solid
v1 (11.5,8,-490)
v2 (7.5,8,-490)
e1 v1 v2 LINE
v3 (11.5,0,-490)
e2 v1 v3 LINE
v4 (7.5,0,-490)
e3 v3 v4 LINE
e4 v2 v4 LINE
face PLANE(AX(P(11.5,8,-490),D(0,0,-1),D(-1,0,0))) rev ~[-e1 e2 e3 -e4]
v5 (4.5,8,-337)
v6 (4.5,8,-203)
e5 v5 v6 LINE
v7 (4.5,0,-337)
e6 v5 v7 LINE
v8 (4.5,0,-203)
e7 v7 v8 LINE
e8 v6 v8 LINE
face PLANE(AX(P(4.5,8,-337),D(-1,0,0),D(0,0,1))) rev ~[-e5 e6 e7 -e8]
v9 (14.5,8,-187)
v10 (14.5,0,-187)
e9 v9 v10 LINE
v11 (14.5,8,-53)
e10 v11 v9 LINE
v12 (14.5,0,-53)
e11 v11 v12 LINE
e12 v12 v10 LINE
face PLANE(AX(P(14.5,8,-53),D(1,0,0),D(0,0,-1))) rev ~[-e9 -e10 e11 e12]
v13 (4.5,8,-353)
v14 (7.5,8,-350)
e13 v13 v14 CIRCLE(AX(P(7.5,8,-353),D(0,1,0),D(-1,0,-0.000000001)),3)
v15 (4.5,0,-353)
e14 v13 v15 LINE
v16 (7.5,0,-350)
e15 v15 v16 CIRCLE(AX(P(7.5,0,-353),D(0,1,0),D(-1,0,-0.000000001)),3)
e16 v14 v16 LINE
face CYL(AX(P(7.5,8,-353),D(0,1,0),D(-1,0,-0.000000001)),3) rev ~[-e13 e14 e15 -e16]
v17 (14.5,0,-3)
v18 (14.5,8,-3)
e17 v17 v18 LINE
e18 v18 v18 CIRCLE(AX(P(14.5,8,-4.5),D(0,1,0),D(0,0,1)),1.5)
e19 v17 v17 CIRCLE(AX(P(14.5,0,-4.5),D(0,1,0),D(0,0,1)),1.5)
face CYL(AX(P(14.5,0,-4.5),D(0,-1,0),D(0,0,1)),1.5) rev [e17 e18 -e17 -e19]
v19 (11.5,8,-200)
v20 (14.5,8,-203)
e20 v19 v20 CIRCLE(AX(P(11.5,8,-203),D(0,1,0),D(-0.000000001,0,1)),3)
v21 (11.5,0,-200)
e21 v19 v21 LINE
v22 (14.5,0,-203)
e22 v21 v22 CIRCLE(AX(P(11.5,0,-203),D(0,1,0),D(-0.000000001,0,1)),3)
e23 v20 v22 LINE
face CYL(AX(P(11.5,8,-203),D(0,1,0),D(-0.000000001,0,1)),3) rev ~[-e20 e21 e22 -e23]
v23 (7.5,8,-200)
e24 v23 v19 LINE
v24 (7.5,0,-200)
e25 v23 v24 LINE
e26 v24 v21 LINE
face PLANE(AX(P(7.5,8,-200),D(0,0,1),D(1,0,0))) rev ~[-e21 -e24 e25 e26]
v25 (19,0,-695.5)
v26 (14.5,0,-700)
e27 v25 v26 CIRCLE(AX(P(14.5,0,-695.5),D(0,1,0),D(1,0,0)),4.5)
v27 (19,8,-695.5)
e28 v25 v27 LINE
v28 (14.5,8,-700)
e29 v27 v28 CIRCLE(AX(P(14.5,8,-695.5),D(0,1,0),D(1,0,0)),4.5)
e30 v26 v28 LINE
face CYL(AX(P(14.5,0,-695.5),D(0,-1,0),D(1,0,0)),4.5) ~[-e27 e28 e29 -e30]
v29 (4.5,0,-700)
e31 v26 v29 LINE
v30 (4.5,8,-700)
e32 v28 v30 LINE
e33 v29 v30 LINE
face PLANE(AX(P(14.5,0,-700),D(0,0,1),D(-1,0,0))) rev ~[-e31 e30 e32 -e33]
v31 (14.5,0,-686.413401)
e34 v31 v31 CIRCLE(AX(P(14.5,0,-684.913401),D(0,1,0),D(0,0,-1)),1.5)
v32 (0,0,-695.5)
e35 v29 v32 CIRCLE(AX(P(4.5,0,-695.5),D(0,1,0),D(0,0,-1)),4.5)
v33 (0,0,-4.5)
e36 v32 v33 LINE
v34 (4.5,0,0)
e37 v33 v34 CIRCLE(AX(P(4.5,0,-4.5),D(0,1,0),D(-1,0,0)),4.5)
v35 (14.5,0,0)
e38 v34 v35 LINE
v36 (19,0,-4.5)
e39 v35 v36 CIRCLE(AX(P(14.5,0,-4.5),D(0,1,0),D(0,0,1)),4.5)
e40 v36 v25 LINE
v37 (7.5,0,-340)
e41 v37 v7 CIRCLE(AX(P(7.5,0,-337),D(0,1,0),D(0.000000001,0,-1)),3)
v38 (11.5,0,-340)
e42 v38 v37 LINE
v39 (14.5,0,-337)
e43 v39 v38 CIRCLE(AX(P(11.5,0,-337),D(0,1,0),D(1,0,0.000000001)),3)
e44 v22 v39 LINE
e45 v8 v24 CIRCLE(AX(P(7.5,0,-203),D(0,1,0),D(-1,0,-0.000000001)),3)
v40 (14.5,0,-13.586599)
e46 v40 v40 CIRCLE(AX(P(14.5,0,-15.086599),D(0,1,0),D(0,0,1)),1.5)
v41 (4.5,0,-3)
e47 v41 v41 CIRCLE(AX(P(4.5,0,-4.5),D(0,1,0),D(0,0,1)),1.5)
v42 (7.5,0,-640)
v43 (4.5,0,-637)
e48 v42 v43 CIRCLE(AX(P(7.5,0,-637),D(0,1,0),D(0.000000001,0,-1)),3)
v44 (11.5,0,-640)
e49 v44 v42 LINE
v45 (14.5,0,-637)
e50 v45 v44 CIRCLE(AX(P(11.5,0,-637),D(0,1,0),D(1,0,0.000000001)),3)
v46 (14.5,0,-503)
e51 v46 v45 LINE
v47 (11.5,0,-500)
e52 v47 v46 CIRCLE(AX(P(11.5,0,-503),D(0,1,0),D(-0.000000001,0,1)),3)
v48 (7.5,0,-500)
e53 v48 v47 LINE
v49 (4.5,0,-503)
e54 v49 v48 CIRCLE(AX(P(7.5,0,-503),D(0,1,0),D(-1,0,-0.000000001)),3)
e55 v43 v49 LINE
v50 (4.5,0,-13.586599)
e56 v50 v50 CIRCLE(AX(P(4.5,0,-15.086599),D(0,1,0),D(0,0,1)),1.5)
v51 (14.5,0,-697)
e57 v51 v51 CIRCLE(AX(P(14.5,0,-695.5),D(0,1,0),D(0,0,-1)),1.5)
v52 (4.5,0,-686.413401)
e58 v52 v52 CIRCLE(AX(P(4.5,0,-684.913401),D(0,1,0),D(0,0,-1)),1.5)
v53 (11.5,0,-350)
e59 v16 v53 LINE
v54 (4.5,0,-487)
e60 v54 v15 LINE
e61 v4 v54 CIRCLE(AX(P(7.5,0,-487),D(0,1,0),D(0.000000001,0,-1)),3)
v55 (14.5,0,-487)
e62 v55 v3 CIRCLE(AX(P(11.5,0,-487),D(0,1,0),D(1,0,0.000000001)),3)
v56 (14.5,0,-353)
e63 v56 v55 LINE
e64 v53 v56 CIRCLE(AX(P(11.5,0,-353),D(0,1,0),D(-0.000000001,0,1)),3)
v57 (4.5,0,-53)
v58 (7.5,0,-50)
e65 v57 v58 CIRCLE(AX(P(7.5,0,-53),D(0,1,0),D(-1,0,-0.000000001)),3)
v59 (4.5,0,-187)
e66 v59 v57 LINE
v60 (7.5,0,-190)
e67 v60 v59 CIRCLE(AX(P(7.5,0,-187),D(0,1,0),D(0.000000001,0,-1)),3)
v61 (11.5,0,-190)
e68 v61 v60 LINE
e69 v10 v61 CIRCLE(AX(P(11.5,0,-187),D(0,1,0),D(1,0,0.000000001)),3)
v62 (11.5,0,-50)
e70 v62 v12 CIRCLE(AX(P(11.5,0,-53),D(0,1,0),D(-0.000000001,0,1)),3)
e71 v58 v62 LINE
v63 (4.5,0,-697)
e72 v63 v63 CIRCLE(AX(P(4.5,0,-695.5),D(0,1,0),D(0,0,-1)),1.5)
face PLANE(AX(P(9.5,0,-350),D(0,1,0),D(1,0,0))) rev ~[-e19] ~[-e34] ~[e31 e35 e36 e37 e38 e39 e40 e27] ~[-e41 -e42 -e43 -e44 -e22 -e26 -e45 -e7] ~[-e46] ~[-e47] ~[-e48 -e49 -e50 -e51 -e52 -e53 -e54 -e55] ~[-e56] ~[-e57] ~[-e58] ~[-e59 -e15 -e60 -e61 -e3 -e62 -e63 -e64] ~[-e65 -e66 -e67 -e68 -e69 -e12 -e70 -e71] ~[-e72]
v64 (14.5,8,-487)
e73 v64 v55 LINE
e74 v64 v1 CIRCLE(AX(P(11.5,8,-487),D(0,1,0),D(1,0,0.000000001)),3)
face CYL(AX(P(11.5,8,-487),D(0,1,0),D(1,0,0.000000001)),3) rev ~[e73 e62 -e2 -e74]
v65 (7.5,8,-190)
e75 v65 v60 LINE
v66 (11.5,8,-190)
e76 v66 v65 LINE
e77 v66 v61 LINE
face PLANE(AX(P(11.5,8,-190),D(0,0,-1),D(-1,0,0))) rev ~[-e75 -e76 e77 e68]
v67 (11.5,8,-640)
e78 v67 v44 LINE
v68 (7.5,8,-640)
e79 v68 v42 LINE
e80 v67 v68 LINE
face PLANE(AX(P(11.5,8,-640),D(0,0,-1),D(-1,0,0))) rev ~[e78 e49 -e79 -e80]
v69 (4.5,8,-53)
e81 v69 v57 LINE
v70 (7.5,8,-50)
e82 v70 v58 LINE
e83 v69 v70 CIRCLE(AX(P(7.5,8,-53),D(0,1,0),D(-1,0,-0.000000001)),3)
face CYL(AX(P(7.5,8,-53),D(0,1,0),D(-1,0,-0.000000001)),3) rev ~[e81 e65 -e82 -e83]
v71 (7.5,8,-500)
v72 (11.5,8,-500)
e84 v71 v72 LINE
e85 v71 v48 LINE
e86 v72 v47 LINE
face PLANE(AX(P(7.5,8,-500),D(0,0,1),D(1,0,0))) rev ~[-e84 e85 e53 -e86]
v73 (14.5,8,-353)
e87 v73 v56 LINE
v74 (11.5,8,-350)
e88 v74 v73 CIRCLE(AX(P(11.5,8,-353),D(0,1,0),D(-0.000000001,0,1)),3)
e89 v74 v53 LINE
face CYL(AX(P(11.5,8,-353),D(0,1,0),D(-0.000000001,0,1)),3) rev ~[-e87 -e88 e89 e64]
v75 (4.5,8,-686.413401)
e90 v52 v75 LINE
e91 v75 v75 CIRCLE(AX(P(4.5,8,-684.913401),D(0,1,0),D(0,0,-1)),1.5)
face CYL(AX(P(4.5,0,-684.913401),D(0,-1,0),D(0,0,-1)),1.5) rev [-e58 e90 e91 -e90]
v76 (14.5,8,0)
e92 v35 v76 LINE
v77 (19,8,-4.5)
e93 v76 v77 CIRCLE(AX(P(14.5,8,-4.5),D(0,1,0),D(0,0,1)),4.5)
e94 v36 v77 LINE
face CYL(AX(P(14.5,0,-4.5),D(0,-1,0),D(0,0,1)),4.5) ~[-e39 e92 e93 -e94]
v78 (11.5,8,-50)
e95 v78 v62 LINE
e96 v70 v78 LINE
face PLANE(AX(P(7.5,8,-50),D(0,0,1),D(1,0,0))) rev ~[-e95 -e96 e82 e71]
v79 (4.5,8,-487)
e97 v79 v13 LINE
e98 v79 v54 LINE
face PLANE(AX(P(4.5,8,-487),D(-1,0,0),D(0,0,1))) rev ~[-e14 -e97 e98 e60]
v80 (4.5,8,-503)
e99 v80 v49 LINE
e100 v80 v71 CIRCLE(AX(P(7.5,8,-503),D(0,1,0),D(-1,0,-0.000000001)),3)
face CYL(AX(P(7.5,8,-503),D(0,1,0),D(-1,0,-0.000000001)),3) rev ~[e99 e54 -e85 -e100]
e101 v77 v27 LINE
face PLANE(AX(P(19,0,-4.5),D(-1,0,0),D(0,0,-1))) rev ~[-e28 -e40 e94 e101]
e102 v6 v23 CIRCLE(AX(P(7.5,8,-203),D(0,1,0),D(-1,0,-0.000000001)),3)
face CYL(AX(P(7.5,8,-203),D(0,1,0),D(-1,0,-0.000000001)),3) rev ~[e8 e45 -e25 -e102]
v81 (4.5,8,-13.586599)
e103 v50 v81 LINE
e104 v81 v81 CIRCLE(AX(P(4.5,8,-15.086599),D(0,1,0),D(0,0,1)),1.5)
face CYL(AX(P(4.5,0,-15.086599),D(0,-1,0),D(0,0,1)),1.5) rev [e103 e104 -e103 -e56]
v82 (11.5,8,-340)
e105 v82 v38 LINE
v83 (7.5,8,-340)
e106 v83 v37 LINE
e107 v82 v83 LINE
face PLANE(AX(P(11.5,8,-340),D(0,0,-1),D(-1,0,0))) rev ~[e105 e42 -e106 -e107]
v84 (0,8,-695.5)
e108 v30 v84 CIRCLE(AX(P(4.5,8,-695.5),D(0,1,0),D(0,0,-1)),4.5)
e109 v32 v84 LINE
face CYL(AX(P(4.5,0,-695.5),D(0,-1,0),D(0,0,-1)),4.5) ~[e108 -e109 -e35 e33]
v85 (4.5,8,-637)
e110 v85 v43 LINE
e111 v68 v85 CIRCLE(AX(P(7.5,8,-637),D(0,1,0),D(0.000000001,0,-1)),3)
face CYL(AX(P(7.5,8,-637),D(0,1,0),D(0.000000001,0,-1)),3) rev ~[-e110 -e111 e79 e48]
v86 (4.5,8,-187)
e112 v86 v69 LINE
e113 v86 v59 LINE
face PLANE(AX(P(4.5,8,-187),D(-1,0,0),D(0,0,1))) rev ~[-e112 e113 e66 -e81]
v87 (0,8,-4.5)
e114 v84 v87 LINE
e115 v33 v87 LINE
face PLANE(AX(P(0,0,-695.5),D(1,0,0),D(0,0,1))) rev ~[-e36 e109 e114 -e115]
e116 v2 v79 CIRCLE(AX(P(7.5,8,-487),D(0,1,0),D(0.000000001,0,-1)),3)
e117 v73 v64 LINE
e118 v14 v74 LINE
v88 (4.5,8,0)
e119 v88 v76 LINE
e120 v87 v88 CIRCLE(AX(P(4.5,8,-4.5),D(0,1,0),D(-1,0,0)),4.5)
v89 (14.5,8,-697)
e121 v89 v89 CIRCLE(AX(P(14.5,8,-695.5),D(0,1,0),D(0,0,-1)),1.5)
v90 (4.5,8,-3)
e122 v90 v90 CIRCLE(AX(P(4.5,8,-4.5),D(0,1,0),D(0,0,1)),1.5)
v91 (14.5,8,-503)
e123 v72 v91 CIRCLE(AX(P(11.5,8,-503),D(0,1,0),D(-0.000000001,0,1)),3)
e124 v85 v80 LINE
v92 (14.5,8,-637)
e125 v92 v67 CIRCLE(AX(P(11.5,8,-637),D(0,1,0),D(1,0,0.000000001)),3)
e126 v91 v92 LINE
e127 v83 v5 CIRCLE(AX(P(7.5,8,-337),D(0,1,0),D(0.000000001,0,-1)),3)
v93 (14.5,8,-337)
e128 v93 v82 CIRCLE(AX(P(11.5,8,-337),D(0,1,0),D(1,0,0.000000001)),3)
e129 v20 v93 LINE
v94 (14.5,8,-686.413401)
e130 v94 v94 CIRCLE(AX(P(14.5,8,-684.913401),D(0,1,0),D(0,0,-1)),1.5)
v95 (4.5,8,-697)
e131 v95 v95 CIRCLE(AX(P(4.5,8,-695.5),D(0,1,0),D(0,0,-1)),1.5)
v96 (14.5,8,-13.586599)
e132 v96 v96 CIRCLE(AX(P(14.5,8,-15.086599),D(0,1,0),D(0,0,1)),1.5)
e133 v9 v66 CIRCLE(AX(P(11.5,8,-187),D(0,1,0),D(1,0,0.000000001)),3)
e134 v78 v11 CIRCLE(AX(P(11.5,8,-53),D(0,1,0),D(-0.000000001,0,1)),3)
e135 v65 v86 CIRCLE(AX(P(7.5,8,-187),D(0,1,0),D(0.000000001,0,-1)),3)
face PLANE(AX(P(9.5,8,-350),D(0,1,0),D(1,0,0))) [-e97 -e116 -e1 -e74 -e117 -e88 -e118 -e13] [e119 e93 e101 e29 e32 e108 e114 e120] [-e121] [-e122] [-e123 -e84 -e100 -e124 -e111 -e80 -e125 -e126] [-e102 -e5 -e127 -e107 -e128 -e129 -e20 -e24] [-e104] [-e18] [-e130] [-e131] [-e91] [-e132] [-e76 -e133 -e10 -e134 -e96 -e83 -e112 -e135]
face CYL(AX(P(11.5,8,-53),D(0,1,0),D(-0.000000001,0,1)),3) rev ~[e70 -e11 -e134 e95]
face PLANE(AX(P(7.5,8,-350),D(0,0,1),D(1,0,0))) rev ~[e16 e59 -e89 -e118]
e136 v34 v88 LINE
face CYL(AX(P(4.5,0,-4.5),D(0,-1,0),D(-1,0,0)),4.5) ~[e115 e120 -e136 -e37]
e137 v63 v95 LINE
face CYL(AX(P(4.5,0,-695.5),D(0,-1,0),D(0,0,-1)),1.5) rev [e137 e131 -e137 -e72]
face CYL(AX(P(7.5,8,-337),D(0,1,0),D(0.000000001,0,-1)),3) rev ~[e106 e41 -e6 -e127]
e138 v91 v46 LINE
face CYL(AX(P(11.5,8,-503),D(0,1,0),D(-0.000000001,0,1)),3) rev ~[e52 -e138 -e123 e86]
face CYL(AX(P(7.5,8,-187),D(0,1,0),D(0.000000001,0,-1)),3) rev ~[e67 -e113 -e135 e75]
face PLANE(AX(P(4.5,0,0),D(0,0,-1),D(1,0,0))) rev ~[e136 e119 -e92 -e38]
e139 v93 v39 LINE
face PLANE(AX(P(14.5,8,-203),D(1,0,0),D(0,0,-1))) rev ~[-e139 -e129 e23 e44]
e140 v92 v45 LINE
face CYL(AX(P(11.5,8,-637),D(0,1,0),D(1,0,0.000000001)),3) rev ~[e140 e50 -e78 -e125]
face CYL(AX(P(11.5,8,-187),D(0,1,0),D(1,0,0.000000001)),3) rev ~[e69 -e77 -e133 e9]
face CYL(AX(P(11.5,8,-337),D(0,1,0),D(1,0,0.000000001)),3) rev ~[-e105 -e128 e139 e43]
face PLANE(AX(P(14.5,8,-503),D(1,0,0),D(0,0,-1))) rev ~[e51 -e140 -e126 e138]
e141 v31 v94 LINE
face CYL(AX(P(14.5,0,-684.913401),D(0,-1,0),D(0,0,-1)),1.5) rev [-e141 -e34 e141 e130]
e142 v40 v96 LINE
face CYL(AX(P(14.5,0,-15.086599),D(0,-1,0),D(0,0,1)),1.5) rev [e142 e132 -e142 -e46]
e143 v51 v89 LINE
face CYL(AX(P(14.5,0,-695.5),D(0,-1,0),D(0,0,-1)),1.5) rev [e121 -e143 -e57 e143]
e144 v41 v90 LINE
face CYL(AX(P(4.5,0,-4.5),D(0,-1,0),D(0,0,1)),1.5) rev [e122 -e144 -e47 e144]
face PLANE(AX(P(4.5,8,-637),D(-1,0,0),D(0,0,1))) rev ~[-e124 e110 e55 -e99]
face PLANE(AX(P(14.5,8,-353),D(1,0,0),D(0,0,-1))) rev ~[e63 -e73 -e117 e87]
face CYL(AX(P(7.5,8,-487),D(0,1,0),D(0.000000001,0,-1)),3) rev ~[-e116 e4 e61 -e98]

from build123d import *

# Parameters (mm, degrees)
SKETCH_1_R          = 1.5
EXTRUDE_1_DEPTH     = 8
CUT_EXTRUDE_2_DEPTH = 701.303505632


with BuildPart() as part:
    # 草图1 → 凸台-拉伸1 (new body)
    with BuildSketch(Plane(origin=(0, 0, 0), x_dir=(1, 0, 0), z_dir=(0, 1, 0))):
        with BuildLine():
            Line((4.5, 0), (14.5, 0))
            ThreePointArc((14.5, 0), (17.681980515, 1.318019485), (19, 4.5))
            Line((19, 4.5), (19, 695.5))
            ThreePointArc((19, 695.5), (17.681980515, 698.681980515), (14.5, 700))
            Line((14.5, 700), (4.5, 700))
            ThreePointArc((4.5, 700), (1.318019485, 698.681980515), (0, 695.5))
            Line((0, 695.5), (0, 4.5))
            ThreePointArc((0, 4.5), (1.318019485, 1.318019485), (4.5, 0))
        make_face()
        with Locations(Location((4.5, 4.5, 0), (0, 0, 270))):
            Circle(SKETCH_1_R, mode=Mode.SUBTRACT)
        with Locations(Location((14.5, 4.5, 0), (0, 0, 270))):
            Circle(SKETCH_1_R, mode=Mode.SUBTRACT)
        with Locations(Location((4.5, 15.08659859, 0), (0, 0, 270))):
            Circle(SKETCH_1_R, mode=Mode.SUBTRACT)
        with Locations(Location((14.5, 15.08659859, 0), (0, 0, 270))):
            Circle(SKETCH_1_R, mode=Mode.SUBTRACT)
        with Locations(Location((14.5, 684.91340141, 0), (0, 0, 90))):
            Circle(SKETCH_1_R, mode=Mode.SUBTRACT)
        with Locations(Location((4.5, 684.91340141, 0), (0, 0, 90))):
            Circle(SKETCH_1_R, mode=Mode.SUBTRACT)
        with Locations(Location((14.5, 695.5, 0), (0, 0, 90))):
            Circle(SKETCH_1_R, mode=Mode.SUBTRACT)
        with Locations(Location((4.5, 695.5, 0), (0, 0, 90))):
            Circle(SKETCH_1_R, mode=Mode.SUBTRACT)
    extrude(amount=EXTRUDE_1_DEPTH)

    # 草图5 → 切除-拉伸2 (cut, through all)
    with BuildSketch(Plane(origin=(0, 8, 0), x_dir=(1, 0, 0), z_dir=(0, 1, 0))):
        with BuildLine():
            Line((7.5, 50), (11.5, 50))
            ThreePointArc((11.5, 50), (13.621320344, 50.878679656), (14.5, 53))
            Line((14.5, 53), (14.5, 187))
            ThreePointArc((14.5, 187), (13.621320344, 189.121320344), (11.5, 190))
            Line((11.5, 190), (7.5, 190))
            ThreePointArc((7.5, 190), (5.378679656, 189.121320344), (4.5, 187))
            Line((4.5, 187), (4.5, 53))
            ThreePointArc((4.5, 53), (5.378679656, 50.878679656), (7.5, 50))
        make_face()
        with BuildLine():
            Line((14.5, 203), (14.5, 337))
            ThreePointArc((14.5, 337), (13.621320344, 339.121320344), (11.5, 340))
            Line((11.5, 340), (7.5, 340))
            ThreePointArc((7.5, 340), (5.378679656, 339.121320344), (4.5, 337))
            Line((4.5, 337), (4.5, 203))
            ThreePointArc((4.5, 203), (5.378679656, 200.878679656), (7.5, 200))
            Line((7.5, 200), (11.5, 200))
            ThreePointArc((11.5, 200), (13.621320344, 200.878679656), (14.5, 203))
        make_face()
        with BuildLine():
            Line((14.5, 353), (14.5, 487))
            ThreePointArc((14.5, 487), (13.621320344, 489.121320344), (11.5, 490))
            Line((11.5, 490), (7.5, 490))
            ThreePointArc((7.5, 490), (5.378679656, 489.121320344), (4.5, 487))
            Line((4.5, 487), (4.5, 353))
            ThreePointArc((4.5, 353), (5.378679656, 350.878679656), (7.5, 350))
            Line((7.5, 350), (11.5, 350))
            ThreePointArc((11.5, 350), (13.621320344, 350.878679656), (14.5, 353))
        make_face()
        with BuildLine():
            Line((14.5, 503), (14.5, 637))
            ThreePointArc((14.5, 637), (13.621320344, 639.121320344), (11.5, 640))
            Line((11.5, 640), (7.5, 640))
            ThreePointArc((7.5, 640), (5.378679656, 639.121320344), (4.5, 637))
            Line((4.5, 637), (4.5, 503))
            ThreePointArc((4.5, 503), (5.378679656, 500.878679656), (7.5, 500))
            Line((7.5, 500), (11.5, 500))
            ThreePointArc((11.5, 500), (13.621320344, 500.878679656), (14.5, 503))
        make_face()
    extrude(amount=-CUT_EXTRUDE_2_DEPTH, mode=Mode.SUBTRACT)


solid = part.part
